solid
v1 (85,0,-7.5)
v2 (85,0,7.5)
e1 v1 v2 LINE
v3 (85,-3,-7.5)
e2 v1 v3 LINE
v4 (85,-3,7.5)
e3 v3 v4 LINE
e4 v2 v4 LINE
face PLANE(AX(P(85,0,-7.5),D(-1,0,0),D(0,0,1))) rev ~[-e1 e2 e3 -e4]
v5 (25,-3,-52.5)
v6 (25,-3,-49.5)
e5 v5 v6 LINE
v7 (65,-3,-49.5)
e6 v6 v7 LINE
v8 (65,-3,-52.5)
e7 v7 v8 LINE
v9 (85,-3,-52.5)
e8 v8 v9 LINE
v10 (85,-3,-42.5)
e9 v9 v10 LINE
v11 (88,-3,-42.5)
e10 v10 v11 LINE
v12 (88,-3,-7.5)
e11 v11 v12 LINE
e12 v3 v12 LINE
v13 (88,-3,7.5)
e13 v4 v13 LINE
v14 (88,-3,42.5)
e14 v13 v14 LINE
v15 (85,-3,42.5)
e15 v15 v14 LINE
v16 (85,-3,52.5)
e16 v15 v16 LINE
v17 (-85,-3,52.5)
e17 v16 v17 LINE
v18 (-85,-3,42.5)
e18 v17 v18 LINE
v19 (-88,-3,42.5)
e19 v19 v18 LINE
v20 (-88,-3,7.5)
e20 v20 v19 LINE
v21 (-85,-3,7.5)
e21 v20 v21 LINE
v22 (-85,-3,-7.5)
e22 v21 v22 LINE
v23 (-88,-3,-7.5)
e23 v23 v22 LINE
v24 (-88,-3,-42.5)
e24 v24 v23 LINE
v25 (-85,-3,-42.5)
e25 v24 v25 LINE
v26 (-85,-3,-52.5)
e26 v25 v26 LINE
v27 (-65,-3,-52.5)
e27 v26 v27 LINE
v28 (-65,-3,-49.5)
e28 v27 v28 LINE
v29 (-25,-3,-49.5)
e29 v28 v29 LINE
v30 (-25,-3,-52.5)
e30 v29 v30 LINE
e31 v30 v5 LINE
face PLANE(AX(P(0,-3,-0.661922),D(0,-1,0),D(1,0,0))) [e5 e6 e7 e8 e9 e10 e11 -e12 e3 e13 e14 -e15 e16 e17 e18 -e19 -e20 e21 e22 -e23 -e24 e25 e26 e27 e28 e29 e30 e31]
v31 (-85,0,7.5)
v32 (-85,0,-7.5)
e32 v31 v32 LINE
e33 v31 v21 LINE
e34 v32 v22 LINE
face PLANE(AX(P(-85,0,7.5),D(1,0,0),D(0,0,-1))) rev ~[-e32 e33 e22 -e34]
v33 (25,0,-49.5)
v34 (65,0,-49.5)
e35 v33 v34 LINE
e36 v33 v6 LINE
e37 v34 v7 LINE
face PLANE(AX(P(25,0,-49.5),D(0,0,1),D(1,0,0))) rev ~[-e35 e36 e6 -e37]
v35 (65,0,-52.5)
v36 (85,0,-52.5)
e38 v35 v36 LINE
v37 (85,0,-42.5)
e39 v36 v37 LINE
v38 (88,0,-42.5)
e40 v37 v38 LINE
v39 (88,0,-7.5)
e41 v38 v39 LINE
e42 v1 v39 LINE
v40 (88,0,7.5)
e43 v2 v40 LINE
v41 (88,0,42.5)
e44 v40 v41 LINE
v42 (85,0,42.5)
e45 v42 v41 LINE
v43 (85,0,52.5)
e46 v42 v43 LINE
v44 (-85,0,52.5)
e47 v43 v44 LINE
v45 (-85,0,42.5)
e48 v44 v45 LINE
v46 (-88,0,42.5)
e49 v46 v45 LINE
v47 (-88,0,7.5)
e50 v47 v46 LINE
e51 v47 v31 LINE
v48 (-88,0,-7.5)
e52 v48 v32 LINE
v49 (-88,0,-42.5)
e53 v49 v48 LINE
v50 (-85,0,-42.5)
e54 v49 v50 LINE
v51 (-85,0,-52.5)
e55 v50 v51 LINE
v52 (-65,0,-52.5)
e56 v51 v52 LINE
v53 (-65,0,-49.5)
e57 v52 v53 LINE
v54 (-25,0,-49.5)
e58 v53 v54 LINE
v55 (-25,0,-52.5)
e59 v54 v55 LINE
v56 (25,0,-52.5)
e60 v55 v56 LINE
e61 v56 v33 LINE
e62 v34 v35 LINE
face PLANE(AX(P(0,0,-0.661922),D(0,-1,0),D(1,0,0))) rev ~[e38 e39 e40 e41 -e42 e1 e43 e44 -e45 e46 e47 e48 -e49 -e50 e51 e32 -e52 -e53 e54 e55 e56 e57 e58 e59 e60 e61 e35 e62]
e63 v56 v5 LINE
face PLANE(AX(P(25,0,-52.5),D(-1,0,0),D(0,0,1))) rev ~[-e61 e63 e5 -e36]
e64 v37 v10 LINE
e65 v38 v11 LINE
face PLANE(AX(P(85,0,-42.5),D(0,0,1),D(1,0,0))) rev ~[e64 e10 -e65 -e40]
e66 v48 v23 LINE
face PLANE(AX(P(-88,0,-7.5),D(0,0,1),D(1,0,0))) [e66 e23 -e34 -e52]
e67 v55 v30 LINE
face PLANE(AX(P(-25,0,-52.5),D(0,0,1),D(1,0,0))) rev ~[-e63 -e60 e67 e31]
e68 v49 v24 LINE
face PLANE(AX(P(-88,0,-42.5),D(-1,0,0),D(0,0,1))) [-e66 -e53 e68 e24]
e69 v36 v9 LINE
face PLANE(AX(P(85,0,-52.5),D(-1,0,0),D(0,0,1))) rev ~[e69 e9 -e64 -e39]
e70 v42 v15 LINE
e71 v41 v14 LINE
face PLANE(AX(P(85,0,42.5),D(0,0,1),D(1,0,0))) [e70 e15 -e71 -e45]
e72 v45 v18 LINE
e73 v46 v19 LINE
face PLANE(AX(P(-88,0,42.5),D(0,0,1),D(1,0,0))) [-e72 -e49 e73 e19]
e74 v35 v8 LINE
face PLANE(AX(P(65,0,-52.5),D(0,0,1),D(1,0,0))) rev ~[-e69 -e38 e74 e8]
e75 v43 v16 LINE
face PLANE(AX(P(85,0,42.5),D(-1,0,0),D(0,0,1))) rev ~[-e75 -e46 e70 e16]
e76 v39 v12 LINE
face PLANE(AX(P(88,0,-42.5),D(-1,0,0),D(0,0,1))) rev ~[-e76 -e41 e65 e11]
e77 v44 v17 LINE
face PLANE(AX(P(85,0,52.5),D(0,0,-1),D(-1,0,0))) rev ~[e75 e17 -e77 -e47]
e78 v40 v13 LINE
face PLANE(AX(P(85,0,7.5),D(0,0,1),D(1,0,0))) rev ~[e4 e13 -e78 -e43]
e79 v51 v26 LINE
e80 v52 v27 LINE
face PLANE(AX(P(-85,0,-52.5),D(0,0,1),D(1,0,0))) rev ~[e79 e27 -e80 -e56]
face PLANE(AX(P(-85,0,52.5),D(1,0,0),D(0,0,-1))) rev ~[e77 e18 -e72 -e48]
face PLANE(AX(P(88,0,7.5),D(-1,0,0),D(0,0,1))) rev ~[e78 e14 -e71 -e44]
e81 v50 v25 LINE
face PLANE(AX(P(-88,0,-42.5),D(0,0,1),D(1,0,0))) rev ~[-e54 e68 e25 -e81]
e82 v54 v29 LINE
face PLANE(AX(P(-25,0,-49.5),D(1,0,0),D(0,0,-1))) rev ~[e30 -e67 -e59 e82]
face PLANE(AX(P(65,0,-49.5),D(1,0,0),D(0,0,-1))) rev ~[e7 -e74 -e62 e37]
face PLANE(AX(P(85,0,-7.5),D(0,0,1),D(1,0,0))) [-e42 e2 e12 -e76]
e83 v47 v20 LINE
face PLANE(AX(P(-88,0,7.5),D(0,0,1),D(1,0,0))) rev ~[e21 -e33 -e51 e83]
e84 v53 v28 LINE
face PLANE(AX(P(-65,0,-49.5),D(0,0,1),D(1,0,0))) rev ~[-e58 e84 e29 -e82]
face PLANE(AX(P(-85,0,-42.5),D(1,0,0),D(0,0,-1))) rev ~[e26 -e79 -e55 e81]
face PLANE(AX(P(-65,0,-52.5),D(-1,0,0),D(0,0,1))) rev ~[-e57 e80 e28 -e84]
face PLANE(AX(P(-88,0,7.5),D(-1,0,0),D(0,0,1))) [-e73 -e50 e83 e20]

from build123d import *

# Parameters (mm, degrees)
F0_W     = 3
F0_H     = 35
F1_DEPTH = 3


with BuildPart() as f1:
    # F0 (on Front) → F1 (new body)
    with BuildSketch(Plane.XZ):
        Polygon((85, 42.5), (85, 52.5), (-85, 52.5), (-85, 42.5), (-85, 7.5), (-85, -7.5), (-85, -42.5), (-85, -52.5), (-65, -52.5), (-65, -49.5), (-25, -49.5), (-25, -52.5), (25, -52.5), (25, -49.5), (65, -49.5), (65, -52.5), (85, -52.5), (85, -42.5), (85, -7.5), (85, 7.5), align=None)
        with Locations((-86.5, -25)):
            Rectangle(F0_W, F0_H)
        with Locations((86.5, -25)):
            Rectangle(F0_W, F0_H)
        with Locations((86.5, 25)):
            Rectangle(F0_W, F0_H)
        with Locations((-86.5, 25)):
            Rectangle(F0_W, F0_H)
    extrude(amount=F1_DEPTH)


solid = f1.part
